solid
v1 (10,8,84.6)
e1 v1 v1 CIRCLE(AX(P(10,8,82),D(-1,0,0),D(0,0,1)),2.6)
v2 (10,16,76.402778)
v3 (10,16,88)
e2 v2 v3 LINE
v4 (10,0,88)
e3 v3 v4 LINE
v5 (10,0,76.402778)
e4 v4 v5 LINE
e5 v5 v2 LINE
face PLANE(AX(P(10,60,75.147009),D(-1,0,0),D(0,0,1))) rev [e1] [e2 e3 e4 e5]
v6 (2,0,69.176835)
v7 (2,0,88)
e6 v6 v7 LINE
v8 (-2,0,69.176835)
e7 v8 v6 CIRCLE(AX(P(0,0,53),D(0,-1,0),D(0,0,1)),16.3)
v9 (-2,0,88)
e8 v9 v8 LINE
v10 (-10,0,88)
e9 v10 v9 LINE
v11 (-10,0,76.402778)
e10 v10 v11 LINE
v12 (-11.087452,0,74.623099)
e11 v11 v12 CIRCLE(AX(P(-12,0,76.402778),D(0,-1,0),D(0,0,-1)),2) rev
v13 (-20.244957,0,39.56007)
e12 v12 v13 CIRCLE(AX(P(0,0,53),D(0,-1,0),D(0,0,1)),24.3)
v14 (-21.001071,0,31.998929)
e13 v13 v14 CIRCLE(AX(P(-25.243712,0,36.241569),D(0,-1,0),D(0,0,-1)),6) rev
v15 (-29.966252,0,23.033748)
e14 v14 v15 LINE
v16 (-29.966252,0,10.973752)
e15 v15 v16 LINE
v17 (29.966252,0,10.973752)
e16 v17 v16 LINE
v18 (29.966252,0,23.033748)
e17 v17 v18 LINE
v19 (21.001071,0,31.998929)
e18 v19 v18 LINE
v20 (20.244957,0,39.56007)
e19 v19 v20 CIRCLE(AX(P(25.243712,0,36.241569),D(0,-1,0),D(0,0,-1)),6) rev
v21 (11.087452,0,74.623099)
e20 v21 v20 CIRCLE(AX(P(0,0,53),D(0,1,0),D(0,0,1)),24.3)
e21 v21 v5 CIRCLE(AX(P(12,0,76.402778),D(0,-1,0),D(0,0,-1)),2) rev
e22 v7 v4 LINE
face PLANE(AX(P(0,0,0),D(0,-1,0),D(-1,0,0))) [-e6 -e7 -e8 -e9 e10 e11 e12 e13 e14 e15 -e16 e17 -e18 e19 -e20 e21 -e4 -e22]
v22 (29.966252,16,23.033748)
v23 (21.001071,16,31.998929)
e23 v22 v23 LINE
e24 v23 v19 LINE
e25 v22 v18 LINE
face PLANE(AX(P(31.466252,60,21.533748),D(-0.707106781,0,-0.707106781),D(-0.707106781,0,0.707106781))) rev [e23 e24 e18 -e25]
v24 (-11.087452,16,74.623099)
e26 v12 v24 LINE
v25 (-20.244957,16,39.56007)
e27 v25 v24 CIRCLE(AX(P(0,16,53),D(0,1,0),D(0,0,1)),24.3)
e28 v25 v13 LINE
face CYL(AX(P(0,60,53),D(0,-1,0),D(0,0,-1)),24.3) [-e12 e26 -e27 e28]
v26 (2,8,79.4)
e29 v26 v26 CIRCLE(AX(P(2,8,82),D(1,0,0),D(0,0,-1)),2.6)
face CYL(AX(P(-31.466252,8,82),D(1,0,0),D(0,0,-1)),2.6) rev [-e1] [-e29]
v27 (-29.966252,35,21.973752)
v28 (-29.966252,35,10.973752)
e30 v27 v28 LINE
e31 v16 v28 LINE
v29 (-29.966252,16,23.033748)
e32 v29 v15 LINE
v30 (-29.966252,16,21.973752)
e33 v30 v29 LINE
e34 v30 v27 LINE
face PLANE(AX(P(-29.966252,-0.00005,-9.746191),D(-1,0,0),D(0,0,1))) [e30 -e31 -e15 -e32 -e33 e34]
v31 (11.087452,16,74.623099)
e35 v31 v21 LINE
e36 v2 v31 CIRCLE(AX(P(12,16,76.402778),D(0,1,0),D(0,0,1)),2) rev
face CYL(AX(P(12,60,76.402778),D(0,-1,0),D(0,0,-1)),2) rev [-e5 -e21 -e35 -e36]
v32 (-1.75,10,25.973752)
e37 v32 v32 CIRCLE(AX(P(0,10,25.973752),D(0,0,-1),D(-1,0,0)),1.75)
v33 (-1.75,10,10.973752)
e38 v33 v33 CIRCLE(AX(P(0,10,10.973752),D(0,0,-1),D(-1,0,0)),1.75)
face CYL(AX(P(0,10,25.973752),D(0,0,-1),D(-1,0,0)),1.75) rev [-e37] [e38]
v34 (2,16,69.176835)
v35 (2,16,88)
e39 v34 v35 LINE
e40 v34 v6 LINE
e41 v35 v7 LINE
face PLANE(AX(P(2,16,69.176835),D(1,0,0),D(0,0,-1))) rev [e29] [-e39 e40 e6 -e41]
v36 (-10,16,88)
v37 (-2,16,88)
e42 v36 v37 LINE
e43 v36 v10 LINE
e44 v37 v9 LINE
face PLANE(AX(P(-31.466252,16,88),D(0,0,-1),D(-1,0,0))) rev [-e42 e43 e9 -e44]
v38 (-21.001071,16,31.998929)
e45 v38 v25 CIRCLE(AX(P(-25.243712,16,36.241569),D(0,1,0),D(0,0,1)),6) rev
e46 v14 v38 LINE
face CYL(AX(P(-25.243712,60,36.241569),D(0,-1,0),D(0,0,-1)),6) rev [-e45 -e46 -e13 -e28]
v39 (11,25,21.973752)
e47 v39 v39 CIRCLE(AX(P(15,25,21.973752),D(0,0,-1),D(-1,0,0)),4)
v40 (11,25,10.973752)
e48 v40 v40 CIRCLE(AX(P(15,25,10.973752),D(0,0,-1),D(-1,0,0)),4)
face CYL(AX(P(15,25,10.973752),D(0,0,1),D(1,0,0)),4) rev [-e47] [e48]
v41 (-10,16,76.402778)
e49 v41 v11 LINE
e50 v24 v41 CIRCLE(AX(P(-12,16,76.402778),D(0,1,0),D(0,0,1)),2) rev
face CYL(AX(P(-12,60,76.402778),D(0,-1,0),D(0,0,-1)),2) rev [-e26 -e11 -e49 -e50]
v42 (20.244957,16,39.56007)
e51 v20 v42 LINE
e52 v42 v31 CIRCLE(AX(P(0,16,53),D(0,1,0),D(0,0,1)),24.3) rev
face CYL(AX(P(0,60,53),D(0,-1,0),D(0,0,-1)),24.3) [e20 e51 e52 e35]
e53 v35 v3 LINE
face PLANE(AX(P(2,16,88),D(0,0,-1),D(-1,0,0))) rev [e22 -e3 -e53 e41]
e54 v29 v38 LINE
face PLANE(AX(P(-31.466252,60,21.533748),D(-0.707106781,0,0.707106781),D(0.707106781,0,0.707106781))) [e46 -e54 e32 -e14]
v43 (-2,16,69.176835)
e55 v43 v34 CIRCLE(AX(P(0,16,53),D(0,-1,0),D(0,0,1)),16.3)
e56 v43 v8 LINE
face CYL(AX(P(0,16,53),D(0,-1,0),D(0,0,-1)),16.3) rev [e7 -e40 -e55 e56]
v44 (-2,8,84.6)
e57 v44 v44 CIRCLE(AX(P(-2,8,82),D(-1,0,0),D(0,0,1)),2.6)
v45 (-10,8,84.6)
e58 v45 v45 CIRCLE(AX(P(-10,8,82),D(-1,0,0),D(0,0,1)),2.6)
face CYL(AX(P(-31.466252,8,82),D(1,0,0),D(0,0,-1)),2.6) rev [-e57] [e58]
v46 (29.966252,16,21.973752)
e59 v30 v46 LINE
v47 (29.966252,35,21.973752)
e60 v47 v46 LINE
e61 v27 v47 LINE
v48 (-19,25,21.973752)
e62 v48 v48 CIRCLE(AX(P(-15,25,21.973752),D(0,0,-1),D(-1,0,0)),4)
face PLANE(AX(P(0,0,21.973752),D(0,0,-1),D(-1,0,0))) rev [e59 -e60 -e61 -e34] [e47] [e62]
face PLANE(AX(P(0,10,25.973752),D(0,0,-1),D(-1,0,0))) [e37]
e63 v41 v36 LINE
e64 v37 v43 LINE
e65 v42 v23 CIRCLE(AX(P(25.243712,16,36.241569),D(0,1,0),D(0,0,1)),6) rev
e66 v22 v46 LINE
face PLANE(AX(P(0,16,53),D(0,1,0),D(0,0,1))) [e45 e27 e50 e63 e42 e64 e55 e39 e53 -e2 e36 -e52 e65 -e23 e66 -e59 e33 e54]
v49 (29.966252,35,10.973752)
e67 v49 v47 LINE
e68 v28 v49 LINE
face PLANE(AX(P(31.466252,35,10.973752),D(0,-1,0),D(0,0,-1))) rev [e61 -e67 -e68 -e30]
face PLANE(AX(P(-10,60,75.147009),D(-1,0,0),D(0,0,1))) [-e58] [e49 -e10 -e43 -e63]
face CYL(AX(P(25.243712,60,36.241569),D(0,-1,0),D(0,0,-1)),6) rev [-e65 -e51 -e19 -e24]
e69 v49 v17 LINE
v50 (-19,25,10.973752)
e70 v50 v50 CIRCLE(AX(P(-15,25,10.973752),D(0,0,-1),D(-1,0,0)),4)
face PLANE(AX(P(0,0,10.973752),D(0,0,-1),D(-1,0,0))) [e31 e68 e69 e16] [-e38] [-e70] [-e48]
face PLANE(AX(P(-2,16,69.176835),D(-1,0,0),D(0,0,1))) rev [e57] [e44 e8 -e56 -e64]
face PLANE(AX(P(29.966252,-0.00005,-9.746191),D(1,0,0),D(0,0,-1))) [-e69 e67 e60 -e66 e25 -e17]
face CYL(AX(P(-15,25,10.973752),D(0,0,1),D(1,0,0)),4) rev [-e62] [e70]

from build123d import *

# Parameters (mm, degrees)
EXTRUDE_THIN1_DEPTH     = 60
BOSS_EXTRUDE1_DEPTH     = 16
CUT_EXTRUDE1_DEPTH      = 105.764405022
CUT_EXTRUDE2_DEPTH      = 112.059105885
FILLET2_R               = 2
CUT_EXTRUDE3_DEPTH      = 112.059105885
CUT_EXTRUDE3_DEPTH_BACK = 112.059105885
SKETCH6_R               = 2.6
CUT_EXTRUDE4_DEPTH      = 105.764405022
CUT_EXTRUDE4_DEPTH_BACK = 105.764405022
SKETCH7_W               = 78.423709943
SKETCH7_H               = 52.802383793
SKETCH8_W               = 51.319796382
SKETCH8_H               = 40.051163843
BOSS_EXTRUDE2_DEPTH     = 16
SKETCH9_W               = 91.777168916
SKETCH9_H               = 33.81264118
CUT_EXTRUDE5_DEPTH      = 95.816269701
SKETCH12_W              = 62.932503526
SKETCH12_H              = 35
SKETCH12_R              = 4
BOSS_EXTRUDE5_DEPTH     = 11
CUT_EXTRUDE6_DEPTH      = 96.368364776
CUT_EXTRUDE6_DEPTH_BACK = 96.368364776
SKETCH13_W              = 157.086871367
SKETCH13_H              = 169.783274599
SKETCH13_W_2            = 59.932503526
SKETCH13_H_2            = 122.233999749
FILLET6_R               = 6
SKETCH14_R              = 1.75
CUT_EXTRUDE7_DEPTH      = 15
CUT_EXTRUDE8_DEPTH      = 30


with BuildPart() as part:
    # Sketch1 → Extrude-Thin1 (new body)
    with BuildSketch(Plane(origin=(0, 0, 0), x_dir=(1, 0, 0), z_dir=(0, 1, 0))):
        Polygon((-28.637824638, -0.353553391), (0, -28.991378029), (28.637824638, -0.353553391), (31.466251763, -3.181980515), (0, -34.648232278), (-31.466251763, -3.181980515), align=None)
    extrude(amount=EXTRUDE_THIN1_DEPTH)

    # Sketch2 → Boss-Extrude1 (add)
    with BuildSketch(Plane(origin=(0, 0, 0), x_dir=(1, 0, 0), z_dir=(0, 1, 0))):
        with BuildLine():
            Line((-31.466251763, -3.181980515), (-31.466251763, -88))
            Line((-31.466251763, -88), (-2, -88))
            Line((-2, -88), (-2, -69.17683529))
            ThreePointArc((-2, -69.17683529), (0, -36.7), (2, -69.17683529))
            Line((2, -69.17683529), (2, -88))
            Line((2, -88), (31.466251763, -88))
            Line((31.466251763, -88), (31.466251763, -3.181980515))
            Line((31.466251763, -3.181980515), (0, -34.648232278))
            Line((0, -34.648232278), (-31.466251763, -3.181980515))
        make_face()
    extrude(amount=BOSS_EXTRUDE1_DEPTH)

    # Sketch3 → Cut-Extrude1 (cut, through all)
    with BuildSketch(Plane(origin=(17.324116139, 0, 17.324116139), x_dir=(0.7071067811865475, 0, -0.7071067811865476), z_dir=(0.7071067811865476, 0, 0.7071067811865475))):
        with BuildLine():
            Line((2.75, 50), (2.75, 20))
            ThreePointArc((2.75, 20), (0, 17.25), (-2.75, 20))
            Line((-2.75, 20), (-2.75, 50))
            ThreePointArc((-2.75, 50), (0, 52.75), (2.75, 50))
        make_face()
    cut_extrude1 = extrude(amount=-CUT_EXTRUDE1_DEPTH, mode=Mode.SUBTRACT)

    # Mirror1: Cut-Extrude1 across plane
    add(cut_extrude1.mirror(Plane(origin=(0, 0, 0), x_dir=(0, 0, 1), z_dir=(1, 0, 0))), mode=Mode.SUBTRACT)

    # Sketch5 → Cut-Extrude2 (cut, through all)
    with BuildSketch(Plane(origin=(0, 0, 0), x_dir=(1, 0, 0), z_dir=(0, 1, 0))):
        with BuildLine():
            Line((-31.466251763, -21.533748237), (-17.182694783, -35.817305217))
            ThreePointArc((-17.182694783, -35.817305217), (-23.904625503, -57.365647669), (-10, -75.147008827))
            Line((-10, -75.147008827), (-10, -88))
            Line((-10, -88), (-31.466251763, -88))
            Line((-31.466251763, -88), (-31.466251763, -21.533748237))
        make_face()
    cut_extrude2 = extrude(amount=CUT_EXTRUDE2_DEPTH, mode=Mode.SUBTRACT)

    # Mirror2: Cut-Extrude2 across plane
    add(cut_extrude2.mirror(Plane(origin=(0, 0, 0), x_dir=(0, 0, 1), z_dir=(1, 0, 0))), mode=Mode.SUBTRACT)

    # Fillet2
    fillet2_edges = [part.edges().sort_by_distance(p)[0] for p in [
        (10, 8, 75.147008827),
        (-10, 8, 75.147008827),
    ]]
    fillet(fillet2_edges, radius=FILLET2_R)

    # Sketch6 → Cut-Extrude3 (cut, two sides: drawn at the far end of the back side and taken through both)
    with BuildSketch(Plane(origin=(0, 0, 0), x_dir=(0, 0, -1), z_dir=(1, 0, 0)).offset(-CUT_EXTRUDE3_DEPTH_BACK)):
        with Locations((-82, 8)):
            Circle(SKETCH6_R)
    extrude(amount=CUT_EXTRUDE3_DEPTH + CUT_EXTRUDE3_DEPTH_BACK, mode=Mode.SUBTRACT)

    # Sketch7 → Cut-Extrude4 (cut, two sides: drawn at the far end of the back side and taken through both)
    with BuildSketch(Plane(origin=(-17.324116139, 0, 17.324116139), x_dir=(0.7071067811865475, 0, 0.7071067811865476), z_dir=(-0.7071067811865476, 0, 0.7071067811865475)).offset(-CUT_EXTRUDE4_DEPTH_BACK)):
        with Locations((-0.892385334, 42.401191897)):
            Rectangle(SKETCH7_W, SKETCH7_H)
    extrude(amount=CUT_EXTRUDE4_DEPTH + CUT_EXTRUDE4_DEPTH_BACK, mode=Mode.SUBTRACT)

    # Sketch8 → Boss-Extrude2 (add)
    with BuildSketch(Plane(origin=(0, 16, 0), x_dir=(1, 0, 0), z_dir=(0, 1, 0))):
        with Locations((0.329762311, -10.635090251)):
            Rectangle(SKETCH8_W, SKETCH8_H)
    extrude(amount=-BOSS_EXTRUDE2_DEPTH)

    # Sketch9 → Cut-Extrude5 (cut, through all)
    with BuildSketch(Plane(origin=(0, 16, 0), x_dir=(1, 0, 0), z_dir=(0, 1, 0))):
        with Locations((0.452847873, -5.06743142)):
            Rectangle(SKETCH9_W, SKETCH9_H)
    extrude(amount=-CUT_EXTRUDE5_DEPTH, mode=Mode.SUBTRACT)

    # Sketch12 → Boss-Extrude5 (add)
    with BuildSketch(Plane(origin=(0, 0, 21.97375201), x_dir=(-1, 0, 0), z_dir=(0, 0, -1))):
        with Locations((0, 17.5)):
            Rectangle(SKETCH12_W, SKETCH12_H)
        with Locations((-15, 25)):
            Circle(SKETCH12_R, mode=Mode.SUBTRACT)
        with Locations((15, 25)):
            Circle(SKETCH12_R, mode=Mode.SUBTRACT)
    extrude(amount=BOSS_EXTRUDE5_DEPTH)

    # Sketch13 → Cut-Extrude6 (cut, two sides: drawn at the far end of the back side and taken through both)
    with BuildSketch(Plane(origin=(0, 16, 0), x_dir=(1, 0, 0), z_dir=(0, 1, 0)).offset(-CUT_EXTRUDE6_DEPTH_BACK)):
        with Locations((-2.365016289, -53.735825088)):
            Rectangle(SKETCH13_W, SKETCH13_H)
        with Locations((0, -51.3708088)):
            Rectangle(SKETCH13_W_2, SKETCH13_H_2, mode=Mode.SUBTRACT)
    extrude(amount=CUT_EXTRUDE6_DEPTH + CUT_EXTRUDE6_DEPTH_BACK, mode=Mode.SUBTRACT)

    # Fillet6
    fillet6_edges = [part.edges().sort_by_distance(p)[0] for p in [
        (17.182694783, 8, 35.817305217),
        (-17.182694783, 8, 35.817305217),
    ]]
    fillet(fillet6_edges, radius=FILLET6_R)

    # Sketch14 → Cut-Extrude7 (cut)
    with BuildSketch(Plane(origin=(0, 0, 10.97375201), x_dir=(-1, 0, 0), z_dir=(0, 0, -1))):
        with Locations((0, 10)):
            Circle(SKETCH14_R)
    extrude(amount=-CUT_EXTRUDE7_DEPTH, mode=Mode.SUBTRACT)

    # Sketch15 → Cut-Extrude8 (cut)
    with BuildSketch(Plane(origin=(0, 16, 0), x_dir=(1, 0, 0), z_dir=(0, 1, 0))):
        Polygon((25.989660502, -27.010339498), (22.339327827, -30.660672173), (25.989660502, -30.660672173), align=None)
        Polygon((-25.989660502, -30.660672173), (-25.989660502, -27.010339498), (-22.339327827, -30.660672173), align=None)
    extrude(amount=-CUT_EXTRUDE8_DEPTH, mode=Mode.SUBTRACT)


solid = part.part
